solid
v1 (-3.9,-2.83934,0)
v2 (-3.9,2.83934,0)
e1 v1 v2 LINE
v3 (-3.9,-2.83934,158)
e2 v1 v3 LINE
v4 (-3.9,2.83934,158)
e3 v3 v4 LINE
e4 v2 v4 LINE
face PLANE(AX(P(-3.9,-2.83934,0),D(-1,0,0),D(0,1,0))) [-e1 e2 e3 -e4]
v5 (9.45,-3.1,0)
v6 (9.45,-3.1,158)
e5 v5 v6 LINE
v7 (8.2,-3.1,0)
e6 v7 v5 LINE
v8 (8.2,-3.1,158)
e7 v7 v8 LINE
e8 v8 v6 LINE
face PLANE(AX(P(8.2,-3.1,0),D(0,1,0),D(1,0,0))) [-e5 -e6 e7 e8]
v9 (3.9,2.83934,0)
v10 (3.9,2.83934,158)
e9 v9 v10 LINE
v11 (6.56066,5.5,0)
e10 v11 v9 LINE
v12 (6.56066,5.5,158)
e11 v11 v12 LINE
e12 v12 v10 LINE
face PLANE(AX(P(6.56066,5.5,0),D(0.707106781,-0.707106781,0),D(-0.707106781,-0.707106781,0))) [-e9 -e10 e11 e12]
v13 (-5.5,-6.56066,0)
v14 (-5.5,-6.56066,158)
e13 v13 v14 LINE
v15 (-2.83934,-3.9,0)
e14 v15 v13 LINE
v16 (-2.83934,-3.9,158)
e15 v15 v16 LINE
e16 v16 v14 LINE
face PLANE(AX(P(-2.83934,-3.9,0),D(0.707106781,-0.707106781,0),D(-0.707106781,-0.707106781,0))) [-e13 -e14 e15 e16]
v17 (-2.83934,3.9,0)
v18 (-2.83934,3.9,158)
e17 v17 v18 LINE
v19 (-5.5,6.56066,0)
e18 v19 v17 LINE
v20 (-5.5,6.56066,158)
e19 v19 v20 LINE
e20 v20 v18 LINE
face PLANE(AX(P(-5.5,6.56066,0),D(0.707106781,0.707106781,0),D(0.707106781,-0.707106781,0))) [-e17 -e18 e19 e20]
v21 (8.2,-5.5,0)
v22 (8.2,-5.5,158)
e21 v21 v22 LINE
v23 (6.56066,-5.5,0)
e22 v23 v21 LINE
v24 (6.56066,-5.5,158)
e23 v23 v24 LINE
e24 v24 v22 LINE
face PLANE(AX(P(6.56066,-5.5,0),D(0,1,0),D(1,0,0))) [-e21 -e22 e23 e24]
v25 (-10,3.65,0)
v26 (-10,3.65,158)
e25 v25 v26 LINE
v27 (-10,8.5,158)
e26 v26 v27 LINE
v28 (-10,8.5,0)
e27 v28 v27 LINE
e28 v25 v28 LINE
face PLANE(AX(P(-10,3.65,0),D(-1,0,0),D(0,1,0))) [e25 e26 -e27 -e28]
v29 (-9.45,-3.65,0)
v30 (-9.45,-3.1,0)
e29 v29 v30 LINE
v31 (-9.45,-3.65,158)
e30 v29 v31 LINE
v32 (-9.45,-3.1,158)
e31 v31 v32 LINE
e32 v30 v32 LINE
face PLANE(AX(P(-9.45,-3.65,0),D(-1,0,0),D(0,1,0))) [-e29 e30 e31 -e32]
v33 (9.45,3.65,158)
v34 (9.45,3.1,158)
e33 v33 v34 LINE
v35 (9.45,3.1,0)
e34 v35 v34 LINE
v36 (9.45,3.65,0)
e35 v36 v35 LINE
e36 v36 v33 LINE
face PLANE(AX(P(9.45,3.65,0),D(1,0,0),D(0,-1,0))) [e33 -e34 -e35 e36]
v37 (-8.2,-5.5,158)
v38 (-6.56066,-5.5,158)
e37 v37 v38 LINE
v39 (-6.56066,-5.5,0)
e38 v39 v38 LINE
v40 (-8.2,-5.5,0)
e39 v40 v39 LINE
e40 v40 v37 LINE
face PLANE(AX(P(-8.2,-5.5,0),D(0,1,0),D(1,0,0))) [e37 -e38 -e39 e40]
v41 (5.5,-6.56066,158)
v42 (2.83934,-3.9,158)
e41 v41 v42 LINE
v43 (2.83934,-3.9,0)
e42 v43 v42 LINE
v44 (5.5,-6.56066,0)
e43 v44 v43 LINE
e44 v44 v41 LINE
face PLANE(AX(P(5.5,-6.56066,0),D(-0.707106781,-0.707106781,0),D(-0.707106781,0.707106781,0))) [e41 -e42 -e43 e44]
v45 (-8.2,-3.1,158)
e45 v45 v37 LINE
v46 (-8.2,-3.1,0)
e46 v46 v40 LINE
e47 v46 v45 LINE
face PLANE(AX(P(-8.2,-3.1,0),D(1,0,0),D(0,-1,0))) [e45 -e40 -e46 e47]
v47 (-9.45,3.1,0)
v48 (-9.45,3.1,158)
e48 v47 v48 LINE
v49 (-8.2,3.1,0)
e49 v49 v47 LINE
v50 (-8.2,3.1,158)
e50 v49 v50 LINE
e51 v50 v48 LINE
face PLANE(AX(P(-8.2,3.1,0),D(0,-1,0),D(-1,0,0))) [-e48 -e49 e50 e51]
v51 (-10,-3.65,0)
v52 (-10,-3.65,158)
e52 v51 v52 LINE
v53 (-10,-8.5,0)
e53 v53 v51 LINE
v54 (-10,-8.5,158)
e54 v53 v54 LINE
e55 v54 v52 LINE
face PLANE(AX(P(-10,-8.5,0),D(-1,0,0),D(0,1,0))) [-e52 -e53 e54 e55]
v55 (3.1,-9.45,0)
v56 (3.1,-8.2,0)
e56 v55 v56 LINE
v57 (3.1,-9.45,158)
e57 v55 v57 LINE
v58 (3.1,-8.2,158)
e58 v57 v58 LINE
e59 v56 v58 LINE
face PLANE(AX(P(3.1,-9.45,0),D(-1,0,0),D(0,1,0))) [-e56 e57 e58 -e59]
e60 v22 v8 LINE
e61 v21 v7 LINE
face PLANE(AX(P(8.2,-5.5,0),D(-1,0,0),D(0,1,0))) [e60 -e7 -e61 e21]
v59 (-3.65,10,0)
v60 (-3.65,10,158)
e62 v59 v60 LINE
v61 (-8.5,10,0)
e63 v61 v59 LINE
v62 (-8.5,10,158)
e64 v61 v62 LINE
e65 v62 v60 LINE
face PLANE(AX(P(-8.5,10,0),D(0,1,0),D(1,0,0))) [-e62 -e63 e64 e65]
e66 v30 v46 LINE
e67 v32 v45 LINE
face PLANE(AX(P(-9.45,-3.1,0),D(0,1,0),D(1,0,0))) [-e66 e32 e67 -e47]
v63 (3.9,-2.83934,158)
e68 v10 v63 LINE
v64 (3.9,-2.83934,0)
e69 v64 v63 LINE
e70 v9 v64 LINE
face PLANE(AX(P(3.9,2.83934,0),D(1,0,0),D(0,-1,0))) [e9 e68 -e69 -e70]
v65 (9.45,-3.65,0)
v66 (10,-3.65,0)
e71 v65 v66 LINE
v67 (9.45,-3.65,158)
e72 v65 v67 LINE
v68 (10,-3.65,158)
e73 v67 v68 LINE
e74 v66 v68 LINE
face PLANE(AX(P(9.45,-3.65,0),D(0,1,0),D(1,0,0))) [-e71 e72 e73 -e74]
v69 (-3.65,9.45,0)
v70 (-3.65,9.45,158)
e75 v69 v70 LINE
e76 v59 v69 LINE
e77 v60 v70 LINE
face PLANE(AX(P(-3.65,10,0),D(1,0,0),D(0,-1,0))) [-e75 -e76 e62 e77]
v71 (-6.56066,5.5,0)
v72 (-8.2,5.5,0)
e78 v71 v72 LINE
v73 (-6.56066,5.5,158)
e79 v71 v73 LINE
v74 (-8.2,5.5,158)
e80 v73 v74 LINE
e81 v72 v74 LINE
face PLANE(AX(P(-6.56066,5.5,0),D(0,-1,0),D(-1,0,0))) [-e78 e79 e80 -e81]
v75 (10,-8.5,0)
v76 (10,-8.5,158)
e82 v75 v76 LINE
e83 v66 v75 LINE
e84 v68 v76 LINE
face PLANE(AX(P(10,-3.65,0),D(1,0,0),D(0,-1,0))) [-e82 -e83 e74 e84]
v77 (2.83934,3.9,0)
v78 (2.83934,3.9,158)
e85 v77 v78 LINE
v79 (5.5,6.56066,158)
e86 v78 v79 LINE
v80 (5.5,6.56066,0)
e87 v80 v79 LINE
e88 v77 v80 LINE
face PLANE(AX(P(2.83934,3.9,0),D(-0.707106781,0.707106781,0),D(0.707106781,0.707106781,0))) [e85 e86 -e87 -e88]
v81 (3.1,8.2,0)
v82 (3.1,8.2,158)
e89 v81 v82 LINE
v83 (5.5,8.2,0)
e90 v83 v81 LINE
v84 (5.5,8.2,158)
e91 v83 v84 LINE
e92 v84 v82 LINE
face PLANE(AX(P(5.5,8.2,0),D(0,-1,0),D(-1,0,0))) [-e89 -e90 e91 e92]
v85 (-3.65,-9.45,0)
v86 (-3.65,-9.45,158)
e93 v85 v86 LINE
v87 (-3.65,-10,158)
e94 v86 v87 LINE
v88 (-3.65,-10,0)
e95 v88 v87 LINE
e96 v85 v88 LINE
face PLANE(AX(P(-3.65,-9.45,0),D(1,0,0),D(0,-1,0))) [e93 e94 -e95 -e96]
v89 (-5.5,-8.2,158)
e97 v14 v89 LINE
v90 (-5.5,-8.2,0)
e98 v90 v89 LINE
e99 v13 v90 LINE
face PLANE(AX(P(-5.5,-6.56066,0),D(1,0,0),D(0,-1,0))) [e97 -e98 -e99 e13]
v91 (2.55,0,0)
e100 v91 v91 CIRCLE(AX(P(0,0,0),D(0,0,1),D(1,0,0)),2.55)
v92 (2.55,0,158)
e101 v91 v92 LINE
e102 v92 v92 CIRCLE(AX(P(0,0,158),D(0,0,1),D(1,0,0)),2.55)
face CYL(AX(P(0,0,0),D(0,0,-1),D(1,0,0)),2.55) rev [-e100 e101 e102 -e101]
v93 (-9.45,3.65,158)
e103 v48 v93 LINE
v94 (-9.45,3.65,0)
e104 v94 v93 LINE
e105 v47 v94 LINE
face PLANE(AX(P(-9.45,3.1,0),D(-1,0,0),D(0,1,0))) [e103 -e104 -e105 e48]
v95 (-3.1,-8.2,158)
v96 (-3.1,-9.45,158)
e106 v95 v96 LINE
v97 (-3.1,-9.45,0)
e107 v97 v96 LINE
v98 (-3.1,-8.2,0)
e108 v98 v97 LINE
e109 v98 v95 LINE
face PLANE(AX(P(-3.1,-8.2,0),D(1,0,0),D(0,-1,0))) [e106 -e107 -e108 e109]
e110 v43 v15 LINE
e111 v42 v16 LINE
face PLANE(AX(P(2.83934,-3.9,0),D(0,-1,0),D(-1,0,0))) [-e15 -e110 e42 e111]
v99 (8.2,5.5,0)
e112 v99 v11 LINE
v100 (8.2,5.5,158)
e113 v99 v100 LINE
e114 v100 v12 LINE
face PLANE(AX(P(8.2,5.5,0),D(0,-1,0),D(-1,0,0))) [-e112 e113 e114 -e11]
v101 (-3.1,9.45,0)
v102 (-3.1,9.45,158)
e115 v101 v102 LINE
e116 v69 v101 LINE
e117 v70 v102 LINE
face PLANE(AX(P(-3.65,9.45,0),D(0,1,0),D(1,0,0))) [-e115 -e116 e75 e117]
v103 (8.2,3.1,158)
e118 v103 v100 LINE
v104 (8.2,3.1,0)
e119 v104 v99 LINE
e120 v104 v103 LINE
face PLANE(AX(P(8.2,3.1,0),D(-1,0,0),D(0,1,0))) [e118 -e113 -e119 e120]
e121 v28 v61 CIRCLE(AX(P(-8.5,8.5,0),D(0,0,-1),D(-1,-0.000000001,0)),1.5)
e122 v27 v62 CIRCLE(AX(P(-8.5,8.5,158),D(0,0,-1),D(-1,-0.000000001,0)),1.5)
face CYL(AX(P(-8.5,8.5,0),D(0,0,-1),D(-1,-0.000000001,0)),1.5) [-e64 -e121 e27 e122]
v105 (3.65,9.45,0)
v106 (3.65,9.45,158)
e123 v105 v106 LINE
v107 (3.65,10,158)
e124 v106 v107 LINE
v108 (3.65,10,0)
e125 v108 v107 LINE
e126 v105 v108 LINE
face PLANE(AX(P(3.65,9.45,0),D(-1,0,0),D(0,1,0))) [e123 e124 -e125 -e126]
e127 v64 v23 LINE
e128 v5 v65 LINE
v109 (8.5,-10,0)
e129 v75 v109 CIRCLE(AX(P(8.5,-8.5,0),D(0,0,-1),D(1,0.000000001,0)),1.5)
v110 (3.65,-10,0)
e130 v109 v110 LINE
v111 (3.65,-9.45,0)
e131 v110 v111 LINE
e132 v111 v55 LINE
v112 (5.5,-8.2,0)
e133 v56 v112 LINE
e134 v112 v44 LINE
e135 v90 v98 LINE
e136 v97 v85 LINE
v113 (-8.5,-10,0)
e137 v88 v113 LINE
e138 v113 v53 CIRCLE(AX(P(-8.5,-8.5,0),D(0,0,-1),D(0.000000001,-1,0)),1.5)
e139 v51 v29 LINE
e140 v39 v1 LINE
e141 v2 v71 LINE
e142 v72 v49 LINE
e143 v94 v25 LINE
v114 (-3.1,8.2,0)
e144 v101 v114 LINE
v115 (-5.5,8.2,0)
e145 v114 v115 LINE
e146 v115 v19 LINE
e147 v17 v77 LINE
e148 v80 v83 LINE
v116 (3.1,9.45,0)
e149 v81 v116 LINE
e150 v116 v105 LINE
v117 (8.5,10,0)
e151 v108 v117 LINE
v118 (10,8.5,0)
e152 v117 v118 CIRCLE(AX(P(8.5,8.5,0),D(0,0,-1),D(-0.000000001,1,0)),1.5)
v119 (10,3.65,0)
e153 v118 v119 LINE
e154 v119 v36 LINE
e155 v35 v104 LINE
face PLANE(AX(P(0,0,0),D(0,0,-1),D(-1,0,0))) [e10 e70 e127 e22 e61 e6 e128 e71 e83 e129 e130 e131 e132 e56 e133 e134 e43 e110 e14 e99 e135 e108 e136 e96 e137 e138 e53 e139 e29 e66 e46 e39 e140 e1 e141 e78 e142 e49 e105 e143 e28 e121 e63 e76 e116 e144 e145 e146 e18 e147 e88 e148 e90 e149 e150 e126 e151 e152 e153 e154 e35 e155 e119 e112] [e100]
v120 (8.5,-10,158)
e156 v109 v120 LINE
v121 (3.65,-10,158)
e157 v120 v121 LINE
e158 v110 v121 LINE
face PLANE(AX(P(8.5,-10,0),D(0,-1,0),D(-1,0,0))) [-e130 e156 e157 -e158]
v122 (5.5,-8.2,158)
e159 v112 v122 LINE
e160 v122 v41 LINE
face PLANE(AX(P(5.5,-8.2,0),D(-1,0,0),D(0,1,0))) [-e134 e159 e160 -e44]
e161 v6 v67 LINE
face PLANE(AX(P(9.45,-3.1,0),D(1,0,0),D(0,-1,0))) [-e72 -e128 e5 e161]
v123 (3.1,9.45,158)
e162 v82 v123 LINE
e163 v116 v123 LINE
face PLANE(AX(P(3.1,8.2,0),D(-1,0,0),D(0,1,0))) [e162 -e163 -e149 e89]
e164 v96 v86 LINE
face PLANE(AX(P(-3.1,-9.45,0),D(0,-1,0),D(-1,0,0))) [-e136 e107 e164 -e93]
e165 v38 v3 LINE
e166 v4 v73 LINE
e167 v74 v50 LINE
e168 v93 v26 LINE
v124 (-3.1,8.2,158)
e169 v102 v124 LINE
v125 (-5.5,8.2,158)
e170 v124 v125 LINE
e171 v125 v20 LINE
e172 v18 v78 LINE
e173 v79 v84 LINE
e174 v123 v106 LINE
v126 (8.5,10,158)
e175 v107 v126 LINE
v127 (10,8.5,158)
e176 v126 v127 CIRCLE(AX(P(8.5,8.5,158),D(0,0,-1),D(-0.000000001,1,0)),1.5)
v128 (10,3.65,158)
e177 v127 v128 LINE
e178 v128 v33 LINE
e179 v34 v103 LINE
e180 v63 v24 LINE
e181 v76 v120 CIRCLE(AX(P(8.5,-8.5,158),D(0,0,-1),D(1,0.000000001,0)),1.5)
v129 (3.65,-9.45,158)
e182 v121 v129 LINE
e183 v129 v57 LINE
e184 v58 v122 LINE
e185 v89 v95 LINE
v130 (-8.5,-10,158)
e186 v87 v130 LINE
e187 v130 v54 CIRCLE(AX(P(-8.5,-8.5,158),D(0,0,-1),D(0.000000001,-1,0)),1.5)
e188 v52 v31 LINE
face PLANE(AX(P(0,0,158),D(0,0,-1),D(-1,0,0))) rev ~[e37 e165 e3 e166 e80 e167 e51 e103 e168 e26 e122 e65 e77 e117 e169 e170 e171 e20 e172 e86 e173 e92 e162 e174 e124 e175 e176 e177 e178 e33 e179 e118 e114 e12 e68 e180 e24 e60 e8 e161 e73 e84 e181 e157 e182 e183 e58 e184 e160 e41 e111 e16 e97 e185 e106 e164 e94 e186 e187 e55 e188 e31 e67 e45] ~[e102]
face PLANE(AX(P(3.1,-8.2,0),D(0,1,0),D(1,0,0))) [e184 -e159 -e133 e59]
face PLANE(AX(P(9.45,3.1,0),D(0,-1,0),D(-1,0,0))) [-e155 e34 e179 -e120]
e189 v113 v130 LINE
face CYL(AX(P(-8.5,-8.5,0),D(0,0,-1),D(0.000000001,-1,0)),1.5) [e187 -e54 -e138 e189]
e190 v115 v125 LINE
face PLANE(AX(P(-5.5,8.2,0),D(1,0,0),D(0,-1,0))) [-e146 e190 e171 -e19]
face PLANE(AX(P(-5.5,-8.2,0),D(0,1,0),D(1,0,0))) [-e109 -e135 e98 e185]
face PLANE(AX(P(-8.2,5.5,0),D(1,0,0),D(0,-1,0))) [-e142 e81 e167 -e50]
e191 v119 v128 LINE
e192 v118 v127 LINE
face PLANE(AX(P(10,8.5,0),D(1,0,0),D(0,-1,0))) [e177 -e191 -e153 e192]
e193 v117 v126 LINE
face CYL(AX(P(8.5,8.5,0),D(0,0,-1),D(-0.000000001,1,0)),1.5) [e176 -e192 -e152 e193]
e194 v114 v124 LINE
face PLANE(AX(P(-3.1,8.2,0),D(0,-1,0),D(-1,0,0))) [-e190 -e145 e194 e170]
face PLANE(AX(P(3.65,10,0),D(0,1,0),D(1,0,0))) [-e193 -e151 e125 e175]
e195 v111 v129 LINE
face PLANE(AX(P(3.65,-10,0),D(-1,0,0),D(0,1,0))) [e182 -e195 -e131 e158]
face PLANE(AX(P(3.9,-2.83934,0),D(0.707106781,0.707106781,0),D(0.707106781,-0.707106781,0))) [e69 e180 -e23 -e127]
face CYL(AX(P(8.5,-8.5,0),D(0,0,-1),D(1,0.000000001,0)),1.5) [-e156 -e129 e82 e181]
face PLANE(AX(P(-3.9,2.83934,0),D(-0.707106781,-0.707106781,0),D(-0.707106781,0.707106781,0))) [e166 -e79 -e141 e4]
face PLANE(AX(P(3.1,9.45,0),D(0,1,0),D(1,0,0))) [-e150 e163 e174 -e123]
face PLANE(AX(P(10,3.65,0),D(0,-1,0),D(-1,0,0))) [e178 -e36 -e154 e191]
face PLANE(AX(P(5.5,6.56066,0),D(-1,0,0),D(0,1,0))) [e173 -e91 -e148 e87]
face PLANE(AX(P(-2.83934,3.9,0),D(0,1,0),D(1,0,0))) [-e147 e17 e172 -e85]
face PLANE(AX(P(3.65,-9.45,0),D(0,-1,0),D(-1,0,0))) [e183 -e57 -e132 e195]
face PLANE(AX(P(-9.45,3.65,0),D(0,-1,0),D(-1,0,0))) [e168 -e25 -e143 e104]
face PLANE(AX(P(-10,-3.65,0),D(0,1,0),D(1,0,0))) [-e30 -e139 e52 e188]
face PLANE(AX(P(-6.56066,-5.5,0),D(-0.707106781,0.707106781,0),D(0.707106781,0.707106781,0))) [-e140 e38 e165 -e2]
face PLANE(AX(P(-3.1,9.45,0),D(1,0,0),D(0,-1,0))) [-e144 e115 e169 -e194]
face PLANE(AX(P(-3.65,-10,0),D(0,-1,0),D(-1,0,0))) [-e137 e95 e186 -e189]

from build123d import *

# Parameters (mm, degrees)
SKETCH_2_R      = 2.55
EXTRUDE_1_DEPTH = 158


with BuildPart() as part:
    # 草图2 → 凸台-拉伸1 (new body)
    with BuildSketch(Plane.XY):
        with BuildLine():
            Line((-3.9, 2.839339828), (-6.560660172, 5.5))
            Line((-6.560660172, 5.5), (-8.2, 5.5))
            Line((-8.2, 5.5), (-8.2, 3.1))
            Line((-8.2, 3.1), (-9.45, 3.1))
            Line((-9.45, 3.1), (-9.45, 3.65))
            Line((-9.45, 3.65), (-10, 3.65))
            Line((-10, 3.65), (-10, 8.5))
            ThreePointArc((-10, 8.5), (-9.560660172, 9.560660172), (-8.5, 10))
            Line((-8.5, 10), (-3.65, 10))
            Line((-3.65, 10), (-3.65, 9.45))
            Line((-3.65, 9.45), (-3.1, 9.45))
            Line((-3.1, 9.45), (-3.1, 8.2))
            Line((-3.1, 8.2), (-5.5, 8.2))
            Line((-5.5, 8.2), (-5.5, 6.560660172))
            Line((-5.5, 6.560660172), (-2.839339828, 3.9))
            Line((-2.839339828, 3.9), (2.839339828, 3.9))
            Line((2.839339828, 3.9), (5.5, 6.560660172))
            Line((5.5, 6.560660172), (5.5, 8.2))
            Line((5.5, 8.2), (3.1, 8.2))
            Line((3.1, 8.2), (3.1, 9.45))
            Line((3.1, 9.45), (3.65, 9.45))
            Line((3.65, 9.45), (3.65, 10))
            Line((3.65, 10), (8.5, 10))
            ThreePointArc((8.5, 10), (9.560660172, 9.560660172), (10, 8.5))
            Line((10, 8.5), (10, 3.65))
            Line((10, 3.65), (9.45, 3.65))
            Line((9.45, 3.65), (9.45, 3.1))
            Line((9.45, 3.1), (8.2, 3.1))
            Line((8.2, 3.1), (8.2, 5.5))
            Line((8.2, 5.5), (6.560660172, 5.5))
            Line((6.560660172, 5.5), (3.9, 2.839339828))
            Line((3.9, 2.839339828), (3.9, -2.839339828))
            Line((3.9, -2.839339828), (6.560660172, -5.5))
            Line((6.560660172, -5.5), (8.2, -5.5))
            Line((8.2, -5.5), (8.2, -3.1))
            Line((8.2, -3.1), (9.45, -3.1))
            Line((9.45, -3.1), (9.45, -3.65))
            Line((9.45, -3.65), (10, -3.65))
            Line((10, -3.65), (10, -8.5))
            ThreePointArc((10, -8.5), (9.560660172, -9.560660172), (8.5, -10))
            Line((8.5, -10), (3.65, -10))
            Line((3.65, -10), (3.65, -9.45))
            Line((3.65, -9.45), (3.1, -9.45))
            Line((3.1, -9.45), (3.1, -8.2))
            Line((3.1, -8.2), (5.5, -8.2))
            Line((5.5, -8.2), (5.5, -6.560660172))
            Line((5.5, -6.560660172), (2.839339828, -3.9))
            Line((2.839339828, -3.9), (-2.839339828, -3.9))
            Line((-2.839339828, -3.9), (-5.5, -6.560660172))
            Line((-5.5, -6.560660172), (-5.5, -8.2))
            Line((-5.5, -8.2), (-3.1, -8.2))
            Line((-3.1, -8.2), (-3.1, -9.45))
            Line((-3.1, -9.45), (-3.65, -9.45))
            Line((-3.65, -9.45), (-3.65, -10))
            Line((-3.65, -10), (-8.5, -10))
            ThreePointArc((-8.5, -10), (-9.560660172, -9.560660172), (-10, -8.5))
            Line((-10, -8.5), (-10, -3.65))
            Line((-10, -3.65), (-9.45, -3.65))
            Line((-9.45, -3.65), (-9.45, -3.1))
            Line((-9.45, -3.1), (-8.2, -3.1))
            Line((-8.2, -3.1), (-8.2, -5.5))
            Line((-8.2, -5.5), (-6.560660172, -5.5))
            Line((-6.560660172, -5.5), (-3.9, -2.839339828))
            Line((-3.9, -2.839339828), (-3.9, 2.839339828))
        make_face()
        Circle(SKETCH_2_R, mode=Mode.SUBTRACT)
    extrude(amount=EXTRUDE_1_DEPTH)


solid = part.part
